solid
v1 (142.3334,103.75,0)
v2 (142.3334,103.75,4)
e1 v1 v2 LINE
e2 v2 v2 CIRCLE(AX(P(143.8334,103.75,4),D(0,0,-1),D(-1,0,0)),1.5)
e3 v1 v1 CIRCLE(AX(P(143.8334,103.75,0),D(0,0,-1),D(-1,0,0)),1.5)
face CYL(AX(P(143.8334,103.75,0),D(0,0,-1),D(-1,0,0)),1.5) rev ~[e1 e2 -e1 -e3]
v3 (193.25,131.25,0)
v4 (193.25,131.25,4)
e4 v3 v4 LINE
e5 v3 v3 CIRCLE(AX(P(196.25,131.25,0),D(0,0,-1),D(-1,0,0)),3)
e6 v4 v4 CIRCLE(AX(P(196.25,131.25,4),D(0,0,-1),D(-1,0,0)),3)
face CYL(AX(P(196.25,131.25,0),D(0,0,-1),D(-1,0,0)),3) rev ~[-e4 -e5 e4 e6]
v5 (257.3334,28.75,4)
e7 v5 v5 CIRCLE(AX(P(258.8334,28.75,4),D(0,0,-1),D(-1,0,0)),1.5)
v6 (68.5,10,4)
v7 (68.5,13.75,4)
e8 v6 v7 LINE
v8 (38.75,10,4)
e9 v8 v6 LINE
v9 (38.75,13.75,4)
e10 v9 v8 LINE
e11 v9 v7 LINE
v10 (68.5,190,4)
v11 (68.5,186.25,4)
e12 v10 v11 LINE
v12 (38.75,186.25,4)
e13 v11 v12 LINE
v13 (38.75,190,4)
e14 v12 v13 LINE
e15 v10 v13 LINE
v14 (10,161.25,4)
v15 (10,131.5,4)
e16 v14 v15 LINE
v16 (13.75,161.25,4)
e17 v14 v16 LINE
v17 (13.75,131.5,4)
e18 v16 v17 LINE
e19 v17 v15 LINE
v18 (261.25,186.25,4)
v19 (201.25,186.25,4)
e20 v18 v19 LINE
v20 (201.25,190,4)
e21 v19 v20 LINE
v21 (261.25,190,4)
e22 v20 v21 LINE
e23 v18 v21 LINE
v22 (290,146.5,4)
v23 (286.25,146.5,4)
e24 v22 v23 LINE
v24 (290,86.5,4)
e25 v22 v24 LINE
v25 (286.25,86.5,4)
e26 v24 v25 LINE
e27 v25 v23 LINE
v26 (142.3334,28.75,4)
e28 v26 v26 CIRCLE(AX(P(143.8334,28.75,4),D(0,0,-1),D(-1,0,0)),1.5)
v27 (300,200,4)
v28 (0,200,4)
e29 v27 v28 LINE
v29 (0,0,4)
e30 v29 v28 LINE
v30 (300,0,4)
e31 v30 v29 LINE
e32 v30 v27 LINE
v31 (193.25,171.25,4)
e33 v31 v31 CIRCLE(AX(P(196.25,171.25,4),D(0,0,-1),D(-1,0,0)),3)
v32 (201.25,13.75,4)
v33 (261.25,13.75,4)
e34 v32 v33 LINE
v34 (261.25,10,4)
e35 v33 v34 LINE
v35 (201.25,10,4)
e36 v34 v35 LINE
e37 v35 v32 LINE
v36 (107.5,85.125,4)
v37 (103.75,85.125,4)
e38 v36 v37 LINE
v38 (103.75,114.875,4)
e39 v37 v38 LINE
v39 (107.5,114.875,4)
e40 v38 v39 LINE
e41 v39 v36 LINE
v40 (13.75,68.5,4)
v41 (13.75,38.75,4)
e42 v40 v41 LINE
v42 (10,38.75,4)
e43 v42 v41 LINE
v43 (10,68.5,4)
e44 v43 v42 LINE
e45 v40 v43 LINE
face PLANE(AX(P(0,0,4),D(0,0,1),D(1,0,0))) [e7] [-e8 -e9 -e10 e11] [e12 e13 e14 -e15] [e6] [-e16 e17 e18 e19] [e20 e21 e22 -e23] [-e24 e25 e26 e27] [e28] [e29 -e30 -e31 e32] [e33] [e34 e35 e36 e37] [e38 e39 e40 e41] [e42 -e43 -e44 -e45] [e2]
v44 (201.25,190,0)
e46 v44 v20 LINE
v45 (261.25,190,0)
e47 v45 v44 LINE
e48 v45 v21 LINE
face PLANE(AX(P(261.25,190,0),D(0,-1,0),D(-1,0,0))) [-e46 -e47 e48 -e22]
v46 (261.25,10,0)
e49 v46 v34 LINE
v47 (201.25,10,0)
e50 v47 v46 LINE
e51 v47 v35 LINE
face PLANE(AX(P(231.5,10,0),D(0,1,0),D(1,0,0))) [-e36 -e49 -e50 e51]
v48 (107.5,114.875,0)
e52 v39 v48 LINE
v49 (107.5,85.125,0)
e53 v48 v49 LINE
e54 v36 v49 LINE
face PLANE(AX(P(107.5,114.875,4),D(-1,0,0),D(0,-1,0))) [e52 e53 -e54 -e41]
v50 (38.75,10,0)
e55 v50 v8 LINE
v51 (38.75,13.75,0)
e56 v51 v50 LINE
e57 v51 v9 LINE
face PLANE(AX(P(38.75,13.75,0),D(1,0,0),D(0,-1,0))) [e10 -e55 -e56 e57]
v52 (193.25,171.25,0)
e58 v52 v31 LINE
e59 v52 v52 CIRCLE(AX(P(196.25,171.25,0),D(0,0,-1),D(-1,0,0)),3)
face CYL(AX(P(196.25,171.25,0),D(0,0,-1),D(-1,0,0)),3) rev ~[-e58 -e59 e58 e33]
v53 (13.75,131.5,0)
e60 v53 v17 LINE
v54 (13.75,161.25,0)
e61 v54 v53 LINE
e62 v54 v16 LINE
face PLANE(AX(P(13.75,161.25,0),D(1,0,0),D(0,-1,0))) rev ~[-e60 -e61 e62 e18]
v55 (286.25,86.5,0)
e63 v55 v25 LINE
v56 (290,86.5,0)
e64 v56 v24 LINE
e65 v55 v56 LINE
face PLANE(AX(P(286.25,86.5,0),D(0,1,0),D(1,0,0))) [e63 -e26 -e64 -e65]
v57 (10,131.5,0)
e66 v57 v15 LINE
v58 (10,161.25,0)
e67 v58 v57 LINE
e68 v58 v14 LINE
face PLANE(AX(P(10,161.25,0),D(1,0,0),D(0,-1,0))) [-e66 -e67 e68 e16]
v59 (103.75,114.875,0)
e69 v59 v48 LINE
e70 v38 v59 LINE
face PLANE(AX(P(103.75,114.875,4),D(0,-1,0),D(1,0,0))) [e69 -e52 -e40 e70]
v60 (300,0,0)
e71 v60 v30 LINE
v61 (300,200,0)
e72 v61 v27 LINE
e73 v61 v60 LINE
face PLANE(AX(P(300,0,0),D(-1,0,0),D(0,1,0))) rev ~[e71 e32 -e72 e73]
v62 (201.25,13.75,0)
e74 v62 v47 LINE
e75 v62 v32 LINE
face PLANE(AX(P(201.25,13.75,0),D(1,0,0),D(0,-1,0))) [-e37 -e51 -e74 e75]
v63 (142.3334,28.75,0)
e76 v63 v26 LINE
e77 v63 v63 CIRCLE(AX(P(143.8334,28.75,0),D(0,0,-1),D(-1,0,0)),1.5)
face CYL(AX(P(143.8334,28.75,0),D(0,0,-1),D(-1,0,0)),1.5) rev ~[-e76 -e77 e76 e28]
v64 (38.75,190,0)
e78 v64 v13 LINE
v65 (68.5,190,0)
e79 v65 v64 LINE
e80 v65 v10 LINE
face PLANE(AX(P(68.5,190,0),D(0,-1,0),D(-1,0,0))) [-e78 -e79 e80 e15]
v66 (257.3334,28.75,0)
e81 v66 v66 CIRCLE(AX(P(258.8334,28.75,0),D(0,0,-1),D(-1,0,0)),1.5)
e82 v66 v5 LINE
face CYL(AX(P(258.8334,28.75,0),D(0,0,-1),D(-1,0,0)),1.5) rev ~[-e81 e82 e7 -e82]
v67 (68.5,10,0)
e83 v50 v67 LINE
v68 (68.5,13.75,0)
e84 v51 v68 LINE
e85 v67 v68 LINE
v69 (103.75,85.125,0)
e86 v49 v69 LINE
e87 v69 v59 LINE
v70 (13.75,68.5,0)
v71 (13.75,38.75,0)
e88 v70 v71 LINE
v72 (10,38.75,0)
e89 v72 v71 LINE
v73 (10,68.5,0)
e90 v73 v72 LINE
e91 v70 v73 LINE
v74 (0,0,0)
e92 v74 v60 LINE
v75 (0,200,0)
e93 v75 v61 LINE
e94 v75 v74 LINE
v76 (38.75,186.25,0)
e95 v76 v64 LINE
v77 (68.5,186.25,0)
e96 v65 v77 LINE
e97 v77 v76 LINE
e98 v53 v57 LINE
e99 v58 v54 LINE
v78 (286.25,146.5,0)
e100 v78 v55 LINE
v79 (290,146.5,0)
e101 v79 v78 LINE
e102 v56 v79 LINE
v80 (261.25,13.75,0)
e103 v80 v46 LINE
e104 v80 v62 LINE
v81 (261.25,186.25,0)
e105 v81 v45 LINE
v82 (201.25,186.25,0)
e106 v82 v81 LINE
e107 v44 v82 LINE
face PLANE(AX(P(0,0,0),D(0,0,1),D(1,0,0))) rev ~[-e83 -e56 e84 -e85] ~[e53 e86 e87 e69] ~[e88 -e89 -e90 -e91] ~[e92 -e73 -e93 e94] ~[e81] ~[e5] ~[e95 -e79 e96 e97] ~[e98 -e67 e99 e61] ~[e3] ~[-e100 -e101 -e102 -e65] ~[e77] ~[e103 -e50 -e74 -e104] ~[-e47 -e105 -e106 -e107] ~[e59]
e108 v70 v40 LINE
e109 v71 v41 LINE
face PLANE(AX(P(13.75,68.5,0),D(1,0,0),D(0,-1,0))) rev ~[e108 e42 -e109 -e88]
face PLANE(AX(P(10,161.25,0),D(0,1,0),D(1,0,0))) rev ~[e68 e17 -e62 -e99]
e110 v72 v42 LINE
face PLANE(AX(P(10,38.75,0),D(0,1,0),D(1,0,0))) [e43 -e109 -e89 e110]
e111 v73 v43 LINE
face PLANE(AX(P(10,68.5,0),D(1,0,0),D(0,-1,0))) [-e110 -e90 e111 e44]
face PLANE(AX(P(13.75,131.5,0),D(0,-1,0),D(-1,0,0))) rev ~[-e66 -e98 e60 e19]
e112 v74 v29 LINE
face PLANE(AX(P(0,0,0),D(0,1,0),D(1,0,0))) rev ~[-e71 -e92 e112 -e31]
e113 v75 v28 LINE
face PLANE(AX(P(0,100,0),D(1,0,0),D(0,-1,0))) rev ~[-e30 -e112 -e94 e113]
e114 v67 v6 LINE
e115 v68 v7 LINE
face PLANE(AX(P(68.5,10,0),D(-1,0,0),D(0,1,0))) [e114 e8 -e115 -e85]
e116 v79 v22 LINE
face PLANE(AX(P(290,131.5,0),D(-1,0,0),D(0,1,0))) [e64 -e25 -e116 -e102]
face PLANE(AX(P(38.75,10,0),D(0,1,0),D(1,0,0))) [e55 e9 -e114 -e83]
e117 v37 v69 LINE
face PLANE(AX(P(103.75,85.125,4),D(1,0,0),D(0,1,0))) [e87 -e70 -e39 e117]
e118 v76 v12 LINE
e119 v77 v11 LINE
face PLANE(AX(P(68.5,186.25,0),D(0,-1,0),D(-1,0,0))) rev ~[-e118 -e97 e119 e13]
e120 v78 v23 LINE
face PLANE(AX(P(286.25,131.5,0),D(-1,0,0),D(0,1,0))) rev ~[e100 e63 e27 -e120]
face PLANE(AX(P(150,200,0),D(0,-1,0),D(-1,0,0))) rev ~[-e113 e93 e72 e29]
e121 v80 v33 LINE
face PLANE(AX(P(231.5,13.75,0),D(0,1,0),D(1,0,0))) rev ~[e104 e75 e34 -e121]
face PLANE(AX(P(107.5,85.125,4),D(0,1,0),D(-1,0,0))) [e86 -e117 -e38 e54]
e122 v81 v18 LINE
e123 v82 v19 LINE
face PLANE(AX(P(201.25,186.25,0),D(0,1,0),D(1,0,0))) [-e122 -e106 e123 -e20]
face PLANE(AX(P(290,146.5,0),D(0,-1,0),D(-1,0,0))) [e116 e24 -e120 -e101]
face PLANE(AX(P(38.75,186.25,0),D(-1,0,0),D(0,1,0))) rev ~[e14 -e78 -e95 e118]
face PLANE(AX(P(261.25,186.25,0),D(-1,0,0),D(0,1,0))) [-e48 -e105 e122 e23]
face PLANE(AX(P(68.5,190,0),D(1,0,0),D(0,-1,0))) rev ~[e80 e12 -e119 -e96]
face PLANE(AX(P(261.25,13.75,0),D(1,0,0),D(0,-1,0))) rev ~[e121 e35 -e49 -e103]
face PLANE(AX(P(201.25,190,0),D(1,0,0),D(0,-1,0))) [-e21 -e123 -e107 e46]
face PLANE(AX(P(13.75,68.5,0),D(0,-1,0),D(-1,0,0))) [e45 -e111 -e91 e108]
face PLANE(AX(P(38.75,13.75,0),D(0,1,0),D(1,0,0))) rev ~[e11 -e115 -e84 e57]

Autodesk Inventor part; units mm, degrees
ref_plane "YZ Plane" through (0, 0, 0) normal (1, 0, 0) x (0, 1, 0)
ref_plane "XZ Plane" through (0, 0, 0) normal (0, 1, 0) x (-1, 0, 0)
ref_plane "XY Plane" through (0, 0, 0) normal (0, 0, 1) x (1, 0, 0)
sketch "Sketch1" plane through (0, 0, 0) normal (0, 0, 1) x (1, 0, 0)
  line L0 (0, 0) -> (300, 0)
  line L1 (300, 0) -> (300, 200)
  line L2 (300, 200) -> (0, 200)
  line L3 (0, 200) -> (0, 0)
  line L4 (10, 10) -> (290, 10)
  line L5 (290, 10) -> (290, 190)
  line L6 (290, 190) -> (10, 190)
  line L7 (10, 190) -> (10, 10)
  line L8 (13.75, 13.75) -> (286.25, 13.75)
  line L9 (286.25, 13.75) -> (286.25, 186.25)
  line L10 (286.25, 186.25) -> (13.75, 186.25)
  line L11 (13.75, 186.25) -> (13.75, 13.75)
  line L12 (38.75, 190) -> (68.5, 190)
  line L13 (68.5, 190) -> (68.5, 186.25)
  line L14 (68.5, 186.25) -> (38.75, 186.25)
  line L15 (38.75, 186.25) -> (38.75, 190)
  line L16 (10, 161.25) -> (13.75, 161.25)
  line L17 (13.75, 161.25) -> (13.75, 131.5)
  line L18 (13.75, 131.5) -> (10, 131.5)
  line L19 (10, 131.5) -> (10, 161.25)
  line L20 (0, 0) -> (150, 0)
  line L21 (150, 0) -> (150, 100)
  line L22 (150, 100) -> (0, 100)
  line L23 (0, 100) -> (0, 0)
  line L24 (38.75, 10) -> (68.5, 10)
  line L25 (68.5, 10) -> (68.5, 13.75)
  line L26 (68.5, 13.75) -> (38.75, 13.75)
  line L27 (38.75, 13.75) -> (38.75, 10)
  line L28 (10, 38.75) -> (13.75, 38.75)
  line L29 (13.75, 38.75) -> (13.75, 68.5)
  line L30 (13.75, 68.5) -> (10, 68.5)
  line L31 (10, 68.5) -> (10, 38.75)
  line L32 (150, 200) -> (150, 100)
  line L33 (300, 200) -> (300, 0)
  line L34 (261.25, 190) -> (231.5, 190)
  line L35 (231.5, 190) -> (231.5, 186.25)
  line L36 (231.5, 186.25) -> (261.25, 186.25)
  line L37 (261.25, 186.25) -> (261.25, 190)
  line L38 (290, 161.25) -> (286.25, 161.25)
  line L39 (286.25, 161.25) -> (286.25, 131.5)
  line L40 (286.25, 131.5) -> (290, 131.5)
  line L41 (290, 131.5) -> (290, 161.25)
  line L42 (300, 100) -> (300, 0)
  line L43 (261.25, 13.75) -> (261.25, 10)
  line L44 (231.5, 10) -> (231.5, 13.75)
  line L45 (231.5, 13.75) -> (261.25, 13.75)
  line L46 (261.25, 10) -> (231.5, 10)
  line L47 (286.25, 68.5) -> (290, 68.5)
  line L48 (290, 38.75) -> (286.25, 38.75)
  line L49 (290, 68.5) -> (290, 38.75)
  line L50 (286.25, 38.75) -> (286.25, 68.5)
  point P0 (13.75, 161.25)
  point P1 (10, 131.5)
  point P2 (10, 68.5)
  point P3 (13.75, 68.5)
  point P4 (13.75, 38.75)
  point P5 (10, 38.75)
  point P6 (68.5, 13.75)
  point P7 (68.5, 10)
  point P8 (38.75, 10)
  point P9 (38.75, 13.75)
  point P10 (231.5, 186.25)
  point P11 (231.5, 190)
  point P12 (261.25, 190)
  point P13 (261.25, 186.25)
  point P14 (286.25, 131.5)
  point P15 (286.25, 161.25)
  point P16 (290, 161.25)
  point P17 (261.25, 13.75)
  point P18 (261.25, 10)
  point P19 (231.5, 10)
  point P20 (231.5, 13.75)
  point P21 (286.25, 68.5)
  point P22 (286.25, 38.75)
  point P23 (68.5, 190)
  dimension "d0" = 300
  dimension "d1" = 200
  dimension "d2" = 280
  dimension "d3" = 180
  dimension "d4" = 10
  dimension "d5" = 10
  dimension "d6" = 3.75
  dimension "d7" = 3.75
  dimension "d8" = 3.75
  dimension "d9" = 3.75
  dimension "d10" = 25
  dimension "d11" = 29.75
  dimension "d12" = 29.75
  dimension "d13" = 25
  dimension "d14" = 100
  dimension "d15" = 150
extrude "Extrusion1" add sketch "Sketch1" along normal blind 4 contours L3 L22 L7 L4 L21 L0 | L21 L4 L5 L6 L32 L2 L1 L0 | L3 L2 L32 L6 L7 L22 | L21 L8 L44 L4 | L4 L25 L8 L21 | L22 L11 L30 L7 | L7 L18 L11 L22 | L21 L32 L10 L9 L8 | L8 L11 L22 L21 | L11 L10 L32 L22 | L4 L7 L28 L11 L8 L27 | L43 L8 L9 L48 L5 L4 | L32 L10 L13 L6 | L6 L35 L10 L32 | L7 L6 L15 L10 L11 L16 | L6 L5 L38 L9 L10 L37 | L47 L9 L40 L5
sketch "Sketch5" plane through (0, 0, 4) normal (0, 0, 1) x (1, 0, 0)
  line L0 (103.75, 114.875) -> (107.5, 114.875)
  line L1 (107.5, 114.875) -> (107.5, 85.125)
  line L2 (107.5, 85.125) -> (103.75, 85.125)
  line L3 (103.75, 85.125) -> (103.75, 114.875)
  line L4 (13.75, 68.5) -> (13.75, 38.75) projected
  line L5 (0, 0) -> (300, 0) projected
  point P0 (107.5, 100)
  dimension "d53" = 3.75
  dimension "d54" = 29.75
  dimension "d55" = 90
  dimension "d56" = 100
extrude "Extrusion5" cut sketch "Sketch5" against normal through all
sketch "Sketch6" plane through (0, 0, 0) normal (0, 0, -1) x (-1, 0, 0)
  circle A0 centre (-258.8334, 28.75) radius 1.5
  circle A1 centre (-143.8334, 28.75) radius 1.5
  circle A2 centre (-143.8334, 103.75) radius 1.5
  line L0 (-300, 0) -> (-300, 200) projected
  line L1 (-231.5, 13.75) -> (-261.25, 13.75) projected
  circle A3 centre (-196.25, 171.25) radius 3
  circle A4 centre (-196.25, 131.25) radius 3
  line L2 (-286.25, 131.5) -> (-286.25, 161.25) projected
  line L3 (-261.25, 186.25) -> (-231.5, 186.25) projected
  point P0 (0, 0)
  dimension "d59" = 41.1666
  dimension "d60" = 115
  dimension "d61" = 75
  dimension "d62" = 0
  dimension "d63" = 3
  dimension "d64" = 3
  dimension "d65" = 3
  dimension "d66" = 15
  dimension "d67" = 15
  dimension "d70" = 40
  dimension "d71" = 6
  dimension "d72" = 6
  dimension "d73" = 90
  dimension "d74" = 90
  dimension "d75" = 15
extrude "Extrusion6" cut sketch "Sketch6" against normal through all
sketch "Sketch7" plane through (0, 0, 0) normal (0, 0, -1) x (-1, 0, 0)
  line L0 (-290, 146.5) -> (-286.25, 146.5)
  line L1 (-286.25, 146.5) -> (-286.25, 86.5)
  line L2 (-286.25, 86.5) -> (-290, 86.5)
  line L3 (-290, 86.5) -> (-290, 146.5)
  line L4 (-290, 161.25) -> (-290, 131.5) projected
  line L5 (-286.25, 131.5) -> (-286.25, 161.25) projected
  line L6 (-290, 131.5) -> (-286.25, 131.5) projected
  line L7 (-290, 68.5) -> (-290, 38.75) projected
  line L8 (-286.25, 38.75) -> (-286.25, 68.5) projected
  line L9 (-290, 68.5) -> (-286.25, 68.5)
  line L10 (-286.25, 68.5) -> (-286.25, 38.75)
  line L11 (-286.25, 38.75) -> (-290, 38.75)
  line L12 (-290, 38.75) -> (-290, 68.5)
  line L13 (-290, 161.25) -> (-290, 131.5) projected
  line L14 (-290, 161.25) -> (-286.25, 161.25)
  line L15 (-286.25, 161.25) -> (-286.25, 146.5)
  line L16 (-286.25, 146.5) -> (-290, 146.5)
  line L17 (-290, 146.5) -> (-290, 161.25)
  point P0 (0, 0)
  dimension "d79" = 0
  dimension "d80" = 0
  dimension "d81" = 15
  dimension "d82" = 60
extrude "Extrusion7" add sketch "Sketch7" against normal blind 4 contours L4 L14 L5 L0 | L9 L8 L11 L7
extrude "Extrusion8" cut sketch "Sketch7" against normal through all contours L0 L1 L6 L3 | L6 L1 L2 L3
sketch "Sketch8" plane through (0, 0, 0) normal (0, 0, -1) x (-1, 0, 0)
  line L0 (-261.25, 190) -> (-261.25, 186.25) projected
  line L1 (-261.25, 190) -> (-201.25, 190)
  line L2 (-201.25, 190) -> (-201.25, 186.25)
  line L3 (-201.25, 186.25) -> (-261.25, 186.25)
  line L4 (-261.25, 186.25) -> (-261.25, 190)
  line L5 (-261.25, 13.75) -> (-261.25, 10) projected
  line L6 (-261.25, 13.75) -> (-201.25, 13.75)
  line L7 (-201.25, 13.75) -> (-201.25, 10)
  line L8 (-201.25, 10) -> (-261.25, 10)
  line L9 (-261.25, 10) -> (-261.25, 13.75)
  point P0 (0, 0)
  dimension "d87" = 60
  dimension "d88" = 3.75
  dimension "d89" = 3.75
extrude "Extrusion9" cut sketch "Sketch8" against normal through all
properties part number "onderstuk_8AUG"
